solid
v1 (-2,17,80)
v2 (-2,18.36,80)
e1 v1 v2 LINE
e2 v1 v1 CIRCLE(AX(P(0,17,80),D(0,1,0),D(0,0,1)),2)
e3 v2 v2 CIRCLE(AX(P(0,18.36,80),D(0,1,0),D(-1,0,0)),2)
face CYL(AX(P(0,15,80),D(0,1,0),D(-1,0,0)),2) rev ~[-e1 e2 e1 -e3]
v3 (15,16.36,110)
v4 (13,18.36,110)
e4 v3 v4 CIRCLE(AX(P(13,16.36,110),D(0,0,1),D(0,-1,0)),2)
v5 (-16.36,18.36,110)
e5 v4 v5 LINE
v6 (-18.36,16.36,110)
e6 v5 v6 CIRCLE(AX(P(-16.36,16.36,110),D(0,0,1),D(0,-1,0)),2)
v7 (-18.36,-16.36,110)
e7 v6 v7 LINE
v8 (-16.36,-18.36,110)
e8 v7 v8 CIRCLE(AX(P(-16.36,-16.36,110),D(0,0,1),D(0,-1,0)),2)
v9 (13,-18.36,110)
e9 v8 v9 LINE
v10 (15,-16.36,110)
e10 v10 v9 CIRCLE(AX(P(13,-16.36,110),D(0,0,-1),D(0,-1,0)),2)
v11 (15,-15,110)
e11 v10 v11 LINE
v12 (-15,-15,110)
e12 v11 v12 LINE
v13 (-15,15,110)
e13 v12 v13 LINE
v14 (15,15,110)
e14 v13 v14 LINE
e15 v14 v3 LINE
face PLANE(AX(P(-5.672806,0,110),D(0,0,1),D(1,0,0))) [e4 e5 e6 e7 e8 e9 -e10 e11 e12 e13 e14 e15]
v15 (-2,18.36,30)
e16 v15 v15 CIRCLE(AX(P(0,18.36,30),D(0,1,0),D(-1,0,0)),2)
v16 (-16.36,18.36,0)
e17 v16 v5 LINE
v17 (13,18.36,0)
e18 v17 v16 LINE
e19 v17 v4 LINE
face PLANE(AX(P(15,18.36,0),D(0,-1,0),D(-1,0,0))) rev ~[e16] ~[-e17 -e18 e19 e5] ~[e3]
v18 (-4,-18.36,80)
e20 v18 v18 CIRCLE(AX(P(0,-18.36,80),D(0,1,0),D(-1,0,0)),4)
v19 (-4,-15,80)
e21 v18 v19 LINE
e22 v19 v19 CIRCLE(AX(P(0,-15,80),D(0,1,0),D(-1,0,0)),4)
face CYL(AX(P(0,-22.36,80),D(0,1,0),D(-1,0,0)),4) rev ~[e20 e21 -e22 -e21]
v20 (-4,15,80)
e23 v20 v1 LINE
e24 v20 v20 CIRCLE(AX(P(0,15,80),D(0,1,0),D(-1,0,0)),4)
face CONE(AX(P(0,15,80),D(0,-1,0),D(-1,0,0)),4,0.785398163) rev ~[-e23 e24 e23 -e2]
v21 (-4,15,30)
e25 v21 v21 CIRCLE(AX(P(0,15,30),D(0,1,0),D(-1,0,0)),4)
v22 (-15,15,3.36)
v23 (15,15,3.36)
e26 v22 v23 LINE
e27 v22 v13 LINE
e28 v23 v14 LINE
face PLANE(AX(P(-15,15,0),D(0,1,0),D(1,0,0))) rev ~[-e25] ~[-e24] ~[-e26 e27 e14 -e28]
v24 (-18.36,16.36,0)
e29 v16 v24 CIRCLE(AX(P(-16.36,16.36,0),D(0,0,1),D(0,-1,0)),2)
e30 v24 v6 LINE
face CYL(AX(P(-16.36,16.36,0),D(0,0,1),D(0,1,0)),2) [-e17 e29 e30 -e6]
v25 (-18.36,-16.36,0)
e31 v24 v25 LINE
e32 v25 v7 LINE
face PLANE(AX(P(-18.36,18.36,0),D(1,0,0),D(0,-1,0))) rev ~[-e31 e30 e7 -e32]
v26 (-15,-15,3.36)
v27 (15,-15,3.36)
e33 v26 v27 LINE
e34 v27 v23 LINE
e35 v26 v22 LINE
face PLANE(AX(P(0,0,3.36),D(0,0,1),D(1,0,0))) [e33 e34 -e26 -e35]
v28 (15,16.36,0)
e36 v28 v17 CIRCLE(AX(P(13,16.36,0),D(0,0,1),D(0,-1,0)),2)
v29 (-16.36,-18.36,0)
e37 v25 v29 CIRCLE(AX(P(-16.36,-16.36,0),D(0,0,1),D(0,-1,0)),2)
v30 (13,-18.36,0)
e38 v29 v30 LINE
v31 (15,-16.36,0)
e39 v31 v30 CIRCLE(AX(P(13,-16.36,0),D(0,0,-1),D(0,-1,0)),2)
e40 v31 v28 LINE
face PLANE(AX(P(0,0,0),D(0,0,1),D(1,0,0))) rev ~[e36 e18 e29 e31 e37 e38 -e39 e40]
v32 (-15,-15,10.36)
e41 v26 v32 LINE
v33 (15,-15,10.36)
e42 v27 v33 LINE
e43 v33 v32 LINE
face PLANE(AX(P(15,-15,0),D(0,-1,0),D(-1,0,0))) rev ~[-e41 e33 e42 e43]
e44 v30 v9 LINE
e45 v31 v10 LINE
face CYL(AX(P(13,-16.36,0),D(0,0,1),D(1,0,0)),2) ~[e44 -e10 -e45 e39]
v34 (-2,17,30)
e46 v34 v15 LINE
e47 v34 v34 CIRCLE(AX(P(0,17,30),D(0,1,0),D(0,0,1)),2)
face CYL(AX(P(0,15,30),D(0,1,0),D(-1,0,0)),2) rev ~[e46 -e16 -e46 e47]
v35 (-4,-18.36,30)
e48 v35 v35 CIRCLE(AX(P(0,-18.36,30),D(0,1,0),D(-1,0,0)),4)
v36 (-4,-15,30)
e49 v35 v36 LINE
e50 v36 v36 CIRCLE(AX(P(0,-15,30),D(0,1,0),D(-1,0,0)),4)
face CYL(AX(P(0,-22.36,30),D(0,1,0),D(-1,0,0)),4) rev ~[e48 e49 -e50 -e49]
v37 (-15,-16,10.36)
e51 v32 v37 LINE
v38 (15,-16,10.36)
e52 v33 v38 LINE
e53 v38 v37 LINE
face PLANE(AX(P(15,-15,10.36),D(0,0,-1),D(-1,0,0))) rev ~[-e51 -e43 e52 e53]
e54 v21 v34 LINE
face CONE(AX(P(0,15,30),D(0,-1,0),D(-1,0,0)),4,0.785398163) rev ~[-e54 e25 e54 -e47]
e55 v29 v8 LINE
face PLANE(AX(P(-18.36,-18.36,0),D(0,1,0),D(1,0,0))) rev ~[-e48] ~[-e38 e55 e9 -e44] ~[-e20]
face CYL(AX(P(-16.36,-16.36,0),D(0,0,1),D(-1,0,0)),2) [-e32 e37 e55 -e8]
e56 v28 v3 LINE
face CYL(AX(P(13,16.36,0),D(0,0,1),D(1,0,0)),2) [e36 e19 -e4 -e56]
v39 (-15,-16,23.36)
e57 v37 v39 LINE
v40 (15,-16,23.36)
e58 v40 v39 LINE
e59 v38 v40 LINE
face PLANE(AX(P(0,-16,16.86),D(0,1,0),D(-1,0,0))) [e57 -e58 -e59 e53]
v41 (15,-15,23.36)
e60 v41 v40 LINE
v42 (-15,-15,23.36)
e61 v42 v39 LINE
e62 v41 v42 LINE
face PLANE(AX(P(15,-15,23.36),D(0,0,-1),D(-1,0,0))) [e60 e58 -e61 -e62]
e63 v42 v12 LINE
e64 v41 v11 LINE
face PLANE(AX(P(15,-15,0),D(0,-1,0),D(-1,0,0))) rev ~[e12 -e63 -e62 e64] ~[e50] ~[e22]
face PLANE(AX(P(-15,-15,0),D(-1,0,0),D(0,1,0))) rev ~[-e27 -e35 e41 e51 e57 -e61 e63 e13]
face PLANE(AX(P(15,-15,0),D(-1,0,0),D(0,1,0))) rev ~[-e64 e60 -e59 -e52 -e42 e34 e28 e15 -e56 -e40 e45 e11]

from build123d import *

# Parameters (mm, degrees)
F1_DEPTH       = 110
F0_W           = 30
F0_H           = 30
F2_DEPTH       = 3.36
F3_R           = 2
F5_D           = 8
F5_DEPTH       = 4
F7_D           = 4
F7_DEPTH       = 4
F7_CSINK_D     = 8
F7_CSINK_ANGLE = 90
F8_W           = 30
F8_H           = 13
F9_DEPTH       = 1


with BuildPart() as f1:
    # F0 (on Top) → F1 (new body)
    with BuildSketch(Plane.XY):
        Polygon((15, -18.36), (15, -15), (-15, -15), (-15, 15), (15, 15), (15, 18.36), (-18.36, 18.36), (-18.36, -18.36), align=None)
    extrude(amount=F1_DEPTH)

    # F0 (on Top) → F2 (join)
    with BuildSketch(Plane.XY):
        Rectangle(F0_W, F0_H)
    extrude(amount=F2_DEPTH)

    # F3
    f3_edges = [f1.edges().sort_by_distance(p)[0] for p in [
        (-18.36, -18.36, 55),
        (-18.36, 18.36, 55),
        (15, -18.36, 55),
        (15, 18.36, 55),
    ]]
    fillet(f3_edges, radius=F3_R)

    # F5
    with Locations(Plane.XZ.offset(18.36)):
        with Locations((0, 30), (0, 80)):
            Hole(F5_D / 2, depth=F5_DEPTH)

    # F7
    with Locations(Plane.XZ.offset(-15)):
        with Locations((0, 30), (0, 80)):
            CounterSinkHole(F7_D / 2, F7_CSINK_D / 2, depth=F7_DEPTH, counter_sink_angle=F7_CSINK_ANGLE)

    # F8 (on face) → F9 (cut)
    with BuildSketch(Plane(origin=(0, -15, 0), x_dir=(-1, 0, 0), z_dir=(0, 1, 0))):
        with Locations((0, 16.86)):
            Rectangle(F8_W, F8_H)
    extrude(amount=-F9_DEPTH, mode=Mode.SUBTRACT)


solid = f1.part
